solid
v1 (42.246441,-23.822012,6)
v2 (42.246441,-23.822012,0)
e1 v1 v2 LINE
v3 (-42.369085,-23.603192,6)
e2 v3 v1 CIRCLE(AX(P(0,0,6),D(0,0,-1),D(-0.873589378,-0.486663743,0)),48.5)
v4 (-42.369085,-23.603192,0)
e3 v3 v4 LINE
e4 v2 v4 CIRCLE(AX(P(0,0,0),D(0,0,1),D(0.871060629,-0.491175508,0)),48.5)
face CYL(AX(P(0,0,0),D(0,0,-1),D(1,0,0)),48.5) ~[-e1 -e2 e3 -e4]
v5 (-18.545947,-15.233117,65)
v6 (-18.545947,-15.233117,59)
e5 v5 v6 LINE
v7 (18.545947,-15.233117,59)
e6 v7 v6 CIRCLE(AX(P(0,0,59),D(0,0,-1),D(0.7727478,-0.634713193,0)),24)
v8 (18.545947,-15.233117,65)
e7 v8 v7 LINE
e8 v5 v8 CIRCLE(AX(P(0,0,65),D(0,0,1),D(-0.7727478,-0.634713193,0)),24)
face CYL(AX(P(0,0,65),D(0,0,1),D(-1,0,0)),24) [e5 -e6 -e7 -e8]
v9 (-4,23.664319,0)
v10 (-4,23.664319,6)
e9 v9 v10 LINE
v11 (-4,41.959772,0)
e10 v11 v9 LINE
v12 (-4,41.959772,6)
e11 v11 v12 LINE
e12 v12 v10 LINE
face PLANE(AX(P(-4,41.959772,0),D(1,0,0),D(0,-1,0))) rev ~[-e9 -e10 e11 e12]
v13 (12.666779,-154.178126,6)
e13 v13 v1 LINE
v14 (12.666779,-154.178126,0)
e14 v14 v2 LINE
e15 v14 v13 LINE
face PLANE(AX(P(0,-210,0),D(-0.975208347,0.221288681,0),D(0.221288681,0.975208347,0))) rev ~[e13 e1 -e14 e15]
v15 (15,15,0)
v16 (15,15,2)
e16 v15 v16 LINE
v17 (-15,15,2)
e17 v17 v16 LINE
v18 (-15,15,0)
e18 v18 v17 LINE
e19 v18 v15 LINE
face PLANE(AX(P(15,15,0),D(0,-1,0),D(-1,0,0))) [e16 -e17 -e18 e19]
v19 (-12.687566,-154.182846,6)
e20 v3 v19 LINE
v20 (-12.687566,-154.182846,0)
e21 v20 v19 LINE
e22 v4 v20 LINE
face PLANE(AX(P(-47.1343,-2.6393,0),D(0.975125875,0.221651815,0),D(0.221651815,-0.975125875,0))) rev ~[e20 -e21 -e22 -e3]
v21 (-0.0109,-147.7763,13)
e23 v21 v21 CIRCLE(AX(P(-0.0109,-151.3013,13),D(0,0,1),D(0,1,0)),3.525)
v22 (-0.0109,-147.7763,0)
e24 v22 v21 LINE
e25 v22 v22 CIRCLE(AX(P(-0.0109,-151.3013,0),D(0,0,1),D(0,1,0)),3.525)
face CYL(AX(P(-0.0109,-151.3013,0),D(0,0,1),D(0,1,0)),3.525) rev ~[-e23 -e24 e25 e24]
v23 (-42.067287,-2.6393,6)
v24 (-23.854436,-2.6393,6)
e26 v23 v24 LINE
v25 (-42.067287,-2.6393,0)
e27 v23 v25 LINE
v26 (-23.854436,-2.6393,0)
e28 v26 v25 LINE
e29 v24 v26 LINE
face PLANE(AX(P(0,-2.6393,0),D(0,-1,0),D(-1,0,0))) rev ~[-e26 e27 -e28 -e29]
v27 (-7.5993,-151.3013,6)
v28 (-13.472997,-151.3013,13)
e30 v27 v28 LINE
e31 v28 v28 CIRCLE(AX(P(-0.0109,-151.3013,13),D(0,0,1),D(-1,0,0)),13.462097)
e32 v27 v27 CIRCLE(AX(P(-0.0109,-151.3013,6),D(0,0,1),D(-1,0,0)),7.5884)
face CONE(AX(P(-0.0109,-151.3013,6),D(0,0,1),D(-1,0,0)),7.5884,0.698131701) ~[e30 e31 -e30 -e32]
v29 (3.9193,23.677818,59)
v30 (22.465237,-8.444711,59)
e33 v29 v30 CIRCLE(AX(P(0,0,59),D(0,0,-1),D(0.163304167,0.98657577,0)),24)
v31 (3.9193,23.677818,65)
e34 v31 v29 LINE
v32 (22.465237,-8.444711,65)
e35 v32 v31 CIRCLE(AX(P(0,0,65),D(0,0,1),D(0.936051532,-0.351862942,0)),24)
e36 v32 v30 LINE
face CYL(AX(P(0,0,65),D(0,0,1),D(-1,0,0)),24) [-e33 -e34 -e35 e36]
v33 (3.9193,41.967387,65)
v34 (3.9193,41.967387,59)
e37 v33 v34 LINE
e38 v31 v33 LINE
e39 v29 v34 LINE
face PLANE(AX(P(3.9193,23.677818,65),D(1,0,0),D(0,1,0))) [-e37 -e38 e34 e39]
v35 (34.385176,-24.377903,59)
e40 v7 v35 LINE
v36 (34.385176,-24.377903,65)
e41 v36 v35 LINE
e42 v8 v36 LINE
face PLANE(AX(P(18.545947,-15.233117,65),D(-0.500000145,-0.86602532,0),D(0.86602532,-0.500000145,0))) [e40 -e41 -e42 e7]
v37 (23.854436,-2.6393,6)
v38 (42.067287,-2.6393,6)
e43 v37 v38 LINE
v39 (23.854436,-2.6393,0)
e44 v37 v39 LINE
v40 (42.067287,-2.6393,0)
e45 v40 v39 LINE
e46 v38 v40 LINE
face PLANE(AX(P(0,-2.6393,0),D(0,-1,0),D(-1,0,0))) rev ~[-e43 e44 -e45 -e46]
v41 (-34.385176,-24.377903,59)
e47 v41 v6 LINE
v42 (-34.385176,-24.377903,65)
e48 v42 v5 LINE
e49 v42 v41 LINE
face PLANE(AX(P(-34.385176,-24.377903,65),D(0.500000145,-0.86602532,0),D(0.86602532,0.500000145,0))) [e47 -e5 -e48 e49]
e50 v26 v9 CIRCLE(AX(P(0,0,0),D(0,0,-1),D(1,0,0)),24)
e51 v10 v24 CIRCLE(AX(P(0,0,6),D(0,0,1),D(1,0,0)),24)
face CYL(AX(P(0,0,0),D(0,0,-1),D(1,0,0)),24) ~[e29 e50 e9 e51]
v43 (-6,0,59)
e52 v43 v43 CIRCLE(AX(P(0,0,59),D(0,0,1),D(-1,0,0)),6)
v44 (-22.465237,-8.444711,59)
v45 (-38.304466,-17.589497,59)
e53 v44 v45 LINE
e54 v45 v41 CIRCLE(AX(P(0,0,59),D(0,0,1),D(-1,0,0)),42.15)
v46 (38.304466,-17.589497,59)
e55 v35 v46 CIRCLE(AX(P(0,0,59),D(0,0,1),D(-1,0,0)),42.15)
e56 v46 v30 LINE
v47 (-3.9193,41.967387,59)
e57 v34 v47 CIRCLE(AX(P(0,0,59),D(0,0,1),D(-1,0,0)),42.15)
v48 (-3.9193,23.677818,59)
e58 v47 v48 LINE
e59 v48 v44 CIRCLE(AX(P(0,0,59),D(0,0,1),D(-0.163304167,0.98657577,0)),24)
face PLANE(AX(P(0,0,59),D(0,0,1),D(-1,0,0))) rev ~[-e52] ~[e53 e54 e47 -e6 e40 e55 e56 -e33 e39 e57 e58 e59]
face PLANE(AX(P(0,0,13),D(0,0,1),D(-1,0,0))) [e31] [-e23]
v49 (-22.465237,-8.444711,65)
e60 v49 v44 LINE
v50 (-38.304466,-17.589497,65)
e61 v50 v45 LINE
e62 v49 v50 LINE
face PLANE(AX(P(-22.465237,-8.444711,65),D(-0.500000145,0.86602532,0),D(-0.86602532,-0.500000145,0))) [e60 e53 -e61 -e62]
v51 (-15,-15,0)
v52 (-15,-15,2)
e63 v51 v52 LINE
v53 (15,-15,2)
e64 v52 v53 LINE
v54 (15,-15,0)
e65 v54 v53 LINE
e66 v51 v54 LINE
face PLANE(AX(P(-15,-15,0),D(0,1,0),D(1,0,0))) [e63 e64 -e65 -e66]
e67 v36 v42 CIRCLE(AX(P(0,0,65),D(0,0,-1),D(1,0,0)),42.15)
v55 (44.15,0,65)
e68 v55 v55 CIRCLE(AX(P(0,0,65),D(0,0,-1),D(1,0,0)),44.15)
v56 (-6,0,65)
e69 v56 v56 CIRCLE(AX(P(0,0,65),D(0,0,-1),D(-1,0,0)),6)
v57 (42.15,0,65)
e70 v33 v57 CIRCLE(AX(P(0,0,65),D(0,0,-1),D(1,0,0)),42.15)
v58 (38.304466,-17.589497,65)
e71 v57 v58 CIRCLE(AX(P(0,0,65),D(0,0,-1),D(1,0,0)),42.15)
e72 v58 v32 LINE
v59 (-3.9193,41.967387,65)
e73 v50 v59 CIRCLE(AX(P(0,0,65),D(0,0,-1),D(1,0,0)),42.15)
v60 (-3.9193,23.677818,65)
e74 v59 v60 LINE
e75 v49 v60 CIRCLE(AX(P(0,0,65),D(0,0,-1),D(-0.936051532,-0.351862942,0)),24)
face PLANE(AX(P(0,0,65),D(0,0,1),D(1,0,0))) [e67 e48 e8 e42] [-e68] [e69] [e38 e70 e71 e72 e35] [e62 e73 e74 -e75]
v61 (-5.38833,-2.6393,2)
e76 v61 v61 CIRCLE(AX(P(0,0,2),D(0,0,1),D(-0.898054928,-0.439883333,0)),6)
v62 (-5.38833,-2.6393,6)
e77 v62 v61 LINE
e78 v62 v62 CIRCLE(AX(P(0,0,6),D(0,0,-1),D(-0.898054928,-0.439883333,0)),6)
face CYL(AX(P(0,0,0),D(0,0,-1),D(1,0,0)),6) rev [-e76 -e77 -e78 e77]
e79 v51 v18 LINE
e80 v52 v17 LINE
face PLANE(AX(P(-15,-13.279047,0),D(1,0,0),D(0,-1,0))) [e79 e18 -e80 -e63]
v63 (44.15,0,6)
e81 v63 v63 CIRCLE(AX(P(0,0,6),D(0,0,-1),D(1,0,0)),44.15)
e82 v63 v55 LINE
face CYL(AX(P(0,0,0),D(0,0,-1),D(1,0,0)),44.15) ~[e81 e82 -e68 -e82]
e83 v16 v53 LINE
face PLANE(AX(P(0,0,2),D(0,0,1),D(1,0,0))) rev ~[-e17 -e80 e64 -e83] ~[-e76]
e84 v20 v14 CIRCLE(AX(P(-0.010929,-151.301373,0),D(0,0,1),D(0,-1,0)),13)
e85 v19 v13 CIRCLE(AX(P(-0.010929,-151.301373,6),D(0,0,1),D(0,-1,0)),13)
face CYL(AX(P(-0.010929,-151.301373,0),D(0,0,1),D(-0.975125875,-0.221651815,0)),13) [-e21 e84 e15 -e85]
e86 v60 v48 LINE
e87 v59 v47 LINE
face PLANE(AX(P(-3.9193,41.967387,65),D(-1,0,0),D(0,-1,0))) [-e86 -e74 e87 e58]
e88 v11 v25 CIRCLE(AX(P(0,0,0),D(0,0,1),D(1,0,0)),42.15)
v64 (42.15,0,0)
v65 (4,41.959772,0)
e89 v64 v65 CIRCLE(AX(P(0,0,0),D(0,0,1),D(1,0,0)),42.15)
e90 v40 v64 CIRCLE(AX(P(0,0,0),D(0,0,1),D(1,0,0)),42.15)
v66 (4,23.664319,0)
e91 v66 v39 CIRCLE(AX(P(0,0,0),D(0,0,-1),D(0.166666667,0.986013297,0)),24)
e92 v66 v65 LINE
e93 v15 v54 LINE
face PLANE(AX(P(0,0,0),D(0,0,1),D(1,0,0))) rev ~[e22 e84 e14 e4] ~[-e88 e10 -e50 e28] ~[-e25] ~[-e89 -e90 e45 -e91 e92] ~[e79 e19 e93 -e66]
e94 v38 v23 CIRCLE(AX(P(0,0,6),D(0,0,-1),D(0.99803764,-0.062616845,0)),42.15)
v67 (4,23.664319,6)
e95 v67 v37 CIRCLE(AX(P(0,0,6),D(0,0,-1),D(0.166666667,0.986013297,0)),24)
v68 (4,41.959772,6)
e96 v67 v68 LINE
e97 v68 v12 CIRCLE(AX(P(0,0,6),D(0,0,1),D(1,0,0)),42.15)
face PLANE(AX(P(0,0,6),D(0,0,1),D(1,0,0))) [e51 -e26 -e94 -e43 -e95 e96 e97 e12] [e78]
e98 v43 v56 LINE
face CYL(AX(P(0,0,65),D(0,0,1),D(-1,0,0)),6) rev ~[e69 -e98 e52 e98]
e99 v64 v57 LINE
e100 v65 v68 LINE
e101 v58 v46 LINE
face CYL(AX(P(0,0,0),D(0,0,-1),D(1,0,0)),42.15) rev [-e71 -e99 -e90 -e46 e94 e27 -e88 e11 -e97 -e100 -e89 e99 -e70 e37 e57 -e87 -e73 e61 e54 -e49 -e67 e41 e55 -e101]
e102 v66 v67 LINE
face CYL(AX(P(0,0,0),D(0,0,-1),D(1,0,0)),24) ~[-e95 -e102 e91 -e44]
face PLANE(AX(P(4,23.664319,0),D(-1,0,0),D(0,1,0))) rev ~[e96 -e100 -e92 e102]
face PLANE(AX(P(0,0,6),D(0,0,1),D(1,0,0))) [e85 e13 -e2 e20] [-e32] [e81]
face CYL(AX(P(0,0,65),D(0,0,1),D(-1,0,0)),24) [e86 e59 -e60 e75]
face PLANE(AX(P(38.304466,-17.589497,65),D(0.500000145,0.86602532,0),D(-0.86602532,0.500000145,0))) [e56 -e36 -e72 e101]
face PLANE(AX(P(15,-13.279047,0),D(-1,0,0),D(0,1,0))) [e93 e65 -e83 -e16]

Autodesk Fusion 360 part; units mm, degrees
sketch "Sketch1" plane through (0, 0, 0) normal (0, 0, 1) x (1, 0, 0)
  circle A0 centre (0, 0) radius 48.5
  circle A1 centre (0, 0) radius 44.15
  circle A2 centre (0, 0) radius 42.15
  circle A3 centre (0, 0) radius 24
  line L0 (-4, 0) -> (4, 0)
  line L1 (4, 0) -> (4, 46)
  line L2 (4, 46) -> (-4, 46)
  line L3 (-4, 46) -> (-4, 0)
  line L4 (-2, 3.4641) -> (-41.8372, -19.5359)
  line L5 (-41.8372, -19.5359) -> (-37.8372, -26.4641)
  line L6 (-37.8372, -26.4641) -> (2, -3.4641)
  line L7 (2, -3.4641) -> (-2, 3.4641)
  line L8 (-2, -3.4641) -> (37.8372, -26.4641)
  line L9 (37.8372, -26.4641) -> (41.8372, -19.5359)
  line L10 (41.8372, -19.5359) -> (2, 3.4641)
  line L11 (2, 3.4641) -> (-2, -3.4641)
  circle A4 centre (0, 0) radius 6
  line L12 (15, 15) -> (-15, 15)
  line L13 (-15, 15) -> (-15, -15)
  line L14 (-15, -15) -> (15, -15)
  line L15 (15, -15) -> (15, 15)
  line L16 (15, 15) -> (-15, -15) construction
  line L17 (-15, 15) -> (15, -15) construction
  dimension "d1" = 97
  dimension "d2" = 88.3
  dimension "d3" = 84.3
  dimension "d4" = 48
  dimension "d6" = 360
  dimension "d7" = 12
  dimension "d12" = 30
  dimension "d13" = 30
extrude "Extrude1" add sketch "Sketch1" along normal blind 6 contours A0 | A1 L1 L2 L3 | A1 L8 L9 L10 | A2 A3 L1 L3 | A2 A3 L8 L10 | A1 L4 L5 L6 | A2 A3 L4 L6 | L1 L10 A4 L12 L15 | L1 L3 A4 L12 | L8 L10 A4 L15 | L3 L4 A4 L12 L13 | L6 L8 A4 L13 L14 L15 | L4 L6 A4 L13 makes body 1 at (48.4397, -2.4175, 4) makes body 2 at (-3.113, 29.8622, 0) makes body 3 at (-0.1495, 11.9944, 0) makes body 4 at (-27.4179, -12.2352, 0) makes body 5 at (27.4179, -12.2352, 0)
extrude "Extrude6" add sketch "Sketch1" along normal blind 6 contours A3 L1 L3 L12 | A3 L1 L10 L12 L15 | A3 L8 L10 L15 | A3 L3 L4 L12 L13 | A3 L6 L8 L13 L14 L15 | A3 L4 L6 L13 bodies 3 4 2 5
sketch "Sketch2" plane through (0, 0, 0) normal (0, 0, 1) x (1, 0, 0)
extrude "Extrude2" add sketch "Sketch1" along normal blind 65 contours A1 A2 L1 L10 | A1 A2 L1 L3 | A1 A2 L8 L10 | A1 A2 L3 L4 | A1 A2 L6 L8 | A1 A2 L4 L6 bodies 1 3
sketch "Sketch4" plane through (0, 0, 65) normal (0, 0, 1) x (-1, 0, 0)
  circle A0 centre (0, 0) radius 42.15
  circle A1 centre (0, 0) radius 44.15
  line L0 (-3.9193, -45.9529) -> (3.9193, -45.9529)
  line L1 (3.9193, -45.9529) -> (3.9193, 45.9529)
  line L2 (3.9193, 45.9529) -> (-3.9193, 45.9529)
  line L3 (-3.9193, 45.9529) -> (-3.9193, -45.9529)
  line L4 (-3.9193, -45.9529) -> (3.9193, 45.9529) construction
  line L5 (3.9193, -45.9529) -> (-3.9193, 45.9529) construction
  line L6 (41.7561, 19.5823) -> (37.8368, 26.3707)
  line L7 (-37.8368, -26.3707) -> (41.7561, 19.5823)
  line L8 (37.8368, 26.3707) -> (-41.7561, -19.5823)
  line L9 (-41.7561, -19.5823) -> (-37.8368, -26.3707)
  line L10 (-37.8368, 26.3707) -> (-41.7561, 19.5823)
  line L11 (41.7561, -19.5823) -> (-37.8368, 26.3707)
  line L12 (-41.7561, 19.5823) -> (37.8368, -26.3707)
  line L13 (37.8368, -26.3707) -> (41.7561, -19.5823)
  circle A2 centre (0, 0) radius 6
  circle A3 centre (0, 0) radius 24
  line L14 (-15, 15) -> (15, 15)
  line L15 (15, 15) -> (15, -15)
  line L16 (15, -15) -> (-15, -15)
  line L17 (-15, -15) -> (-15, 15)
  line L18 (-15, 15) -> (15, -15) construction
  line L19 (15, 15) -> (-15, -15) construction
  dimension "d20" = 360
  dimension "d21" = 12
  dimension "d22" = 48
  dimension "d25" = 30
  dimension "d26" = 30
extrude "Extrude4" add sketch "Sketch4" against normal blind 6 contours A0 L7 L8 A3 | L7 L11 A3 L15 | L7 L8 A3 L15 | L11 L12 A3 L15 | L1 L8 A3 L14 L15 | A0 L1 L3 A3 | L1 L12 A3 L15 L16 | L1 L3 A3 L14 | L1 L3 A3 L16 | A0 L11 L12 A3 | L3 L11 A3 L14 L17 | L3 L7 A3 L16 L17 | L11 L12 A3 L17 | L7 L8 A3 L17 | L8 L12 A3 L17 picked at (24.3429, 17.5763) picked at (3.0501, -29.8698) picked at (-27.393, 12.2934) bodies 1
sketch "Sketch5" plane through (0, 0, 65) normal (0, 0, 1) x (-1, 0, 0)
  arc A0 (3.9193, -41.9674) -> (38.3045, 17.5895) centre (0, 0) ccw
  line L0 (3.9193, -41.9674) -> (3.9193, -23.6778)
  arc A1 (3.9193, -23.6778) -> (22.4652, 8.4447) centre (0, 0) ccw
  line L1 (22.4652, 8.4447) -> (38.3045, 17.5895)
  line L2 (34.3852, 24.3779) -> (18.5459, 15.2331)
  line L3 (-18.5459, 15.2331) -> (-34.3852, 24.3779)
  arc A2 (34.3852, 24.3779) -> (-34.3852, 24.3779) centre (0, 0) ccw
  line L4 (-38.3045, 17.5895) -> (-22.4652, 8.4447)
  arc A3 (-22.4652, 8.4447) -> (-3.9193, -23.6778) centre (0, 0) ccw
  line L5 (-3.9193, -23.6778) -> (-3.9193, -41.9674)
  arc A4 (-38.3045, 17.5895) -> (-3.9193, -41.9674) centre (0, 0) ccw
  circle A5 centre (0, 0) radius 44.15
  arc A6 (18.5459, 15.2331) -> (-18.5459, 15.2331) centre (0, 0) ccw
  line L6 (15, -15) -> (-15, -15)
  line L7 (-15, -15) -> (-15, 15)
  line L8 (-15, 15) -> (15, 15)
  line L9 (15, 15) -> (15, -15)
extrude "Extrude5" add sketch "Sketch4" against normal blind 3 contours L7 L11 L15 | L1 L7 L8 L11 A2 L15 | L1 L7 L11 L12 A2 L15 | L1 L8 L14 L15 | L7 L11 A2 | L1 L12 L15 L16 | L1 L3 L8 L11 A2 L14 | L1 L8 A2 | L1 L3 L7 L12 A2 L16 | L1 L12 A2 | L3 L11 L14 L17 | L3 L7 L16 L17 | L3 L8 L11 L12 A2 L17 | L3 L11 A2 | L3 L7 L8 L12 A2 L17 | L3 L7 A2 | L8 L12 L17 | L8 L12 A2 bodies 1
extrude "Extrude7" add sketch "Sketch4" against normal blind 6 contours L7 L11 L15 | L1 L7 L8 L11 A2 L15 | L1 L7 L11 L12 A2 L15 | L1 L8 L14 L15 | L7 L11 A2 | L1 L12 L15 L16 | L1 L3 L8 L11 A2 L14 | L1 L8 A2 | L1 L3 L7 L12 A2 L16 | L1 L12 A2 | L3 L11 L14 L17 | L3 L7 L16 L17 | L3 L8 L11 L12 A2 L17 | L3 L11 A2 | L3 L7 L8 L12 A2 L17 | L3 L7 A2 | L8 L12 L17 | L8 L12 A2 bodies 1
sketch "Sketch8" plane through (0, 0, 0) normal (0, 0, 1) x (1, 0, 0)
sketch "Sketch9" plane through (0, 0, 0) normal (0, 0, 1) x (1, 0, 0)
  line L0 (10, 10) -> (-10, 10)
  line L1 (-10, 10) -> (-10, -10)
  line L2 (-10, -10) -> (10, -10)
  line L3 (10, -10) -> (10, 10)
  line L4 (10, 10) -> (-10, -10) construction
  line L5 (-10, 10) -> (10, -10) construction
  dimension "d33" = 20
sketch "Sketch10" plane through (0, 0, 0) normal (0, 0, 1) x (1, 0, 0)
sketch "Sketch13" plane through (0, 0, 0) normal (0, 0, -1) x (1, 0, 0)
  arc A0 (4, -41.9598) -> (38.3382, 17.5158) centre (0, 0) ccw
  line L0 (4, -41.9598) -> (4, -23.6643)
  arc A1 (4, -23.6643) -> (22.4939, 8.3681) centre (0, 0) ccw
  line L1 (22.4939, 8.3681) -> (38.3382, 17.5158)
  arc A2 (-38.3382, 17.5158) -> (-4, -41.9598) centre (0, 0) ccw
  line L2 (-38.3382, 17.5158) -> (-22.4939, 8.3681)
  arc A3 (-22.4939, 8.3681) -> (-4, -23.6643) centre (0, 0) ccw
  line L3 (-4, -23.6643) -> (-4, -41.9598)
  circle A4 centre (0, 0) radius 6
  line L4 (34.3382, 24.444) -> (18.4939, 15.2963)
  arc A5 (18.4939, 15.2963) -> (-18.4939, 15.2963) centre (0, 0) ccw
  line L5 (-18.4939, 15.2963) -> (-34.3382, 24.444)
  arc A6 (34.3382, 24.444) -> (-34.3382, 24.444) centre (0, 0) ccw
  circle A7 centre (0, 0) radius 48.5
sketch "Sketch14" plane through (0, 0, 0) normal (0, 0, -1) x (1, 0, 0)
  line L0 (0, 0) -> (0, 210)
  line L1 (0, 210) -> (47.0531, 2.6393)
  line L2 (47.0531, 2.6393) -> (-47.1343, 2.6393)
  line L3 (-47.1343, 2.6393) -> (0, 210)
  dimension "d54" = 210
extrude "Extrude8" add sketch "Sketch14" against normal blind 6 bodies 1
fillet "Fillet1" radius 13 1 edges at (0, -210, 3) on bodies 1
extrude "Extrude9" cut sketch "Sketch9" sketch "Sketch1" along normal blind 2 of sketch 2 contours L1 L10 A4 L12 L15 | L1 L3 A4 L12 | L8 L10 A4 L15 | L3 L4 A4 L12 L13 | L6 L8 A4 L13 L14 L15 | L4 L6 A4 L13 bodies 1
extrude "Extrude10" cut sketch "Sketch13" against normal blind 11 contours A4 bodies 1
sketch "Sketch15" plane through (0, 0, 0) normal (0, 0, -1) x (1, 0, 0)
  line L0 (-15, 15) -> (15, 15)
  line L1 (15, 15) -> (15, -15)
  line L2 (15, -15) -> (-15, -15)
  line L3 (-15, -15) -> (-15, 15)
  arc A0 (12.6668, 154.1781) -> (-12.6876, 154.1828) centre (-0.0109, 151.3013) ccw
  line L4 (-12.6876, 154.1828) -> (-42.3691, 23.6032)
  arc A1 (-42.3691, 23.6032) -> (42.2464, 23.8222) centre (0, 0) ccw
  line L5 (42.2464, 23.8222) -> (12.6668, 154.1781)
  arc A2 (-23.8544, 2.6393) -> (-4, -23.6643) centre (0, 0) ccw
  line L6 (-4, -23.6643) -> (-4, -41.9598)
  arc A3 (-42.0673, 2.6393) -> (-4, -41.9598) centre (0, 0) ccw
  line L7 (-42.0673, 2.6393) -> (-23.8544, 2.6393)
  line L8 (23.8544, 2.6393) -> (42.0673, 2.6393)
  arc A4 (4, -41.9598) -> (42.0673, 2.6393) centre (0, 0) ccw
  line L9 (4, -41.9598) -> (4, -23.6643)
  arc A5 (4, -23.6643) -> (23.8544, 2.6393) centre (0, 0) ccw
sketch "Sketch16" plane through (0, 0, 6) normal (0, 0, 1) x (-1, 0, 0)
  arc A0 (12.6876, 154.1828) -> (-12.6668, 154.1781) centre (0.0109, 151.3013) ccw
  line L0 (-12.6668, 154.1781) -> (-42.2464, 23.8222)
  arc A1 (-42.2464, 23.8222) -> (42.3691, 23.6032) centre (0, 0) ccw
  line L1 (42.3691, 23.6032) -> (12.6876, 154.1828)
  circle A2 centre (0, 0) radius 44.15
  circle A3 centre (0.0109, 151.3013) radius 7.5884
extrude "Extrude11" add sketch "Sketch16" along normal blind 7 draft 40 contours A3 bodies 1
hole "Hole7" at (-0.0109, -151.3013, 0) direction (0, 0, 1) diameter 7.05 depth 22 tip angle 180 bodies 1
